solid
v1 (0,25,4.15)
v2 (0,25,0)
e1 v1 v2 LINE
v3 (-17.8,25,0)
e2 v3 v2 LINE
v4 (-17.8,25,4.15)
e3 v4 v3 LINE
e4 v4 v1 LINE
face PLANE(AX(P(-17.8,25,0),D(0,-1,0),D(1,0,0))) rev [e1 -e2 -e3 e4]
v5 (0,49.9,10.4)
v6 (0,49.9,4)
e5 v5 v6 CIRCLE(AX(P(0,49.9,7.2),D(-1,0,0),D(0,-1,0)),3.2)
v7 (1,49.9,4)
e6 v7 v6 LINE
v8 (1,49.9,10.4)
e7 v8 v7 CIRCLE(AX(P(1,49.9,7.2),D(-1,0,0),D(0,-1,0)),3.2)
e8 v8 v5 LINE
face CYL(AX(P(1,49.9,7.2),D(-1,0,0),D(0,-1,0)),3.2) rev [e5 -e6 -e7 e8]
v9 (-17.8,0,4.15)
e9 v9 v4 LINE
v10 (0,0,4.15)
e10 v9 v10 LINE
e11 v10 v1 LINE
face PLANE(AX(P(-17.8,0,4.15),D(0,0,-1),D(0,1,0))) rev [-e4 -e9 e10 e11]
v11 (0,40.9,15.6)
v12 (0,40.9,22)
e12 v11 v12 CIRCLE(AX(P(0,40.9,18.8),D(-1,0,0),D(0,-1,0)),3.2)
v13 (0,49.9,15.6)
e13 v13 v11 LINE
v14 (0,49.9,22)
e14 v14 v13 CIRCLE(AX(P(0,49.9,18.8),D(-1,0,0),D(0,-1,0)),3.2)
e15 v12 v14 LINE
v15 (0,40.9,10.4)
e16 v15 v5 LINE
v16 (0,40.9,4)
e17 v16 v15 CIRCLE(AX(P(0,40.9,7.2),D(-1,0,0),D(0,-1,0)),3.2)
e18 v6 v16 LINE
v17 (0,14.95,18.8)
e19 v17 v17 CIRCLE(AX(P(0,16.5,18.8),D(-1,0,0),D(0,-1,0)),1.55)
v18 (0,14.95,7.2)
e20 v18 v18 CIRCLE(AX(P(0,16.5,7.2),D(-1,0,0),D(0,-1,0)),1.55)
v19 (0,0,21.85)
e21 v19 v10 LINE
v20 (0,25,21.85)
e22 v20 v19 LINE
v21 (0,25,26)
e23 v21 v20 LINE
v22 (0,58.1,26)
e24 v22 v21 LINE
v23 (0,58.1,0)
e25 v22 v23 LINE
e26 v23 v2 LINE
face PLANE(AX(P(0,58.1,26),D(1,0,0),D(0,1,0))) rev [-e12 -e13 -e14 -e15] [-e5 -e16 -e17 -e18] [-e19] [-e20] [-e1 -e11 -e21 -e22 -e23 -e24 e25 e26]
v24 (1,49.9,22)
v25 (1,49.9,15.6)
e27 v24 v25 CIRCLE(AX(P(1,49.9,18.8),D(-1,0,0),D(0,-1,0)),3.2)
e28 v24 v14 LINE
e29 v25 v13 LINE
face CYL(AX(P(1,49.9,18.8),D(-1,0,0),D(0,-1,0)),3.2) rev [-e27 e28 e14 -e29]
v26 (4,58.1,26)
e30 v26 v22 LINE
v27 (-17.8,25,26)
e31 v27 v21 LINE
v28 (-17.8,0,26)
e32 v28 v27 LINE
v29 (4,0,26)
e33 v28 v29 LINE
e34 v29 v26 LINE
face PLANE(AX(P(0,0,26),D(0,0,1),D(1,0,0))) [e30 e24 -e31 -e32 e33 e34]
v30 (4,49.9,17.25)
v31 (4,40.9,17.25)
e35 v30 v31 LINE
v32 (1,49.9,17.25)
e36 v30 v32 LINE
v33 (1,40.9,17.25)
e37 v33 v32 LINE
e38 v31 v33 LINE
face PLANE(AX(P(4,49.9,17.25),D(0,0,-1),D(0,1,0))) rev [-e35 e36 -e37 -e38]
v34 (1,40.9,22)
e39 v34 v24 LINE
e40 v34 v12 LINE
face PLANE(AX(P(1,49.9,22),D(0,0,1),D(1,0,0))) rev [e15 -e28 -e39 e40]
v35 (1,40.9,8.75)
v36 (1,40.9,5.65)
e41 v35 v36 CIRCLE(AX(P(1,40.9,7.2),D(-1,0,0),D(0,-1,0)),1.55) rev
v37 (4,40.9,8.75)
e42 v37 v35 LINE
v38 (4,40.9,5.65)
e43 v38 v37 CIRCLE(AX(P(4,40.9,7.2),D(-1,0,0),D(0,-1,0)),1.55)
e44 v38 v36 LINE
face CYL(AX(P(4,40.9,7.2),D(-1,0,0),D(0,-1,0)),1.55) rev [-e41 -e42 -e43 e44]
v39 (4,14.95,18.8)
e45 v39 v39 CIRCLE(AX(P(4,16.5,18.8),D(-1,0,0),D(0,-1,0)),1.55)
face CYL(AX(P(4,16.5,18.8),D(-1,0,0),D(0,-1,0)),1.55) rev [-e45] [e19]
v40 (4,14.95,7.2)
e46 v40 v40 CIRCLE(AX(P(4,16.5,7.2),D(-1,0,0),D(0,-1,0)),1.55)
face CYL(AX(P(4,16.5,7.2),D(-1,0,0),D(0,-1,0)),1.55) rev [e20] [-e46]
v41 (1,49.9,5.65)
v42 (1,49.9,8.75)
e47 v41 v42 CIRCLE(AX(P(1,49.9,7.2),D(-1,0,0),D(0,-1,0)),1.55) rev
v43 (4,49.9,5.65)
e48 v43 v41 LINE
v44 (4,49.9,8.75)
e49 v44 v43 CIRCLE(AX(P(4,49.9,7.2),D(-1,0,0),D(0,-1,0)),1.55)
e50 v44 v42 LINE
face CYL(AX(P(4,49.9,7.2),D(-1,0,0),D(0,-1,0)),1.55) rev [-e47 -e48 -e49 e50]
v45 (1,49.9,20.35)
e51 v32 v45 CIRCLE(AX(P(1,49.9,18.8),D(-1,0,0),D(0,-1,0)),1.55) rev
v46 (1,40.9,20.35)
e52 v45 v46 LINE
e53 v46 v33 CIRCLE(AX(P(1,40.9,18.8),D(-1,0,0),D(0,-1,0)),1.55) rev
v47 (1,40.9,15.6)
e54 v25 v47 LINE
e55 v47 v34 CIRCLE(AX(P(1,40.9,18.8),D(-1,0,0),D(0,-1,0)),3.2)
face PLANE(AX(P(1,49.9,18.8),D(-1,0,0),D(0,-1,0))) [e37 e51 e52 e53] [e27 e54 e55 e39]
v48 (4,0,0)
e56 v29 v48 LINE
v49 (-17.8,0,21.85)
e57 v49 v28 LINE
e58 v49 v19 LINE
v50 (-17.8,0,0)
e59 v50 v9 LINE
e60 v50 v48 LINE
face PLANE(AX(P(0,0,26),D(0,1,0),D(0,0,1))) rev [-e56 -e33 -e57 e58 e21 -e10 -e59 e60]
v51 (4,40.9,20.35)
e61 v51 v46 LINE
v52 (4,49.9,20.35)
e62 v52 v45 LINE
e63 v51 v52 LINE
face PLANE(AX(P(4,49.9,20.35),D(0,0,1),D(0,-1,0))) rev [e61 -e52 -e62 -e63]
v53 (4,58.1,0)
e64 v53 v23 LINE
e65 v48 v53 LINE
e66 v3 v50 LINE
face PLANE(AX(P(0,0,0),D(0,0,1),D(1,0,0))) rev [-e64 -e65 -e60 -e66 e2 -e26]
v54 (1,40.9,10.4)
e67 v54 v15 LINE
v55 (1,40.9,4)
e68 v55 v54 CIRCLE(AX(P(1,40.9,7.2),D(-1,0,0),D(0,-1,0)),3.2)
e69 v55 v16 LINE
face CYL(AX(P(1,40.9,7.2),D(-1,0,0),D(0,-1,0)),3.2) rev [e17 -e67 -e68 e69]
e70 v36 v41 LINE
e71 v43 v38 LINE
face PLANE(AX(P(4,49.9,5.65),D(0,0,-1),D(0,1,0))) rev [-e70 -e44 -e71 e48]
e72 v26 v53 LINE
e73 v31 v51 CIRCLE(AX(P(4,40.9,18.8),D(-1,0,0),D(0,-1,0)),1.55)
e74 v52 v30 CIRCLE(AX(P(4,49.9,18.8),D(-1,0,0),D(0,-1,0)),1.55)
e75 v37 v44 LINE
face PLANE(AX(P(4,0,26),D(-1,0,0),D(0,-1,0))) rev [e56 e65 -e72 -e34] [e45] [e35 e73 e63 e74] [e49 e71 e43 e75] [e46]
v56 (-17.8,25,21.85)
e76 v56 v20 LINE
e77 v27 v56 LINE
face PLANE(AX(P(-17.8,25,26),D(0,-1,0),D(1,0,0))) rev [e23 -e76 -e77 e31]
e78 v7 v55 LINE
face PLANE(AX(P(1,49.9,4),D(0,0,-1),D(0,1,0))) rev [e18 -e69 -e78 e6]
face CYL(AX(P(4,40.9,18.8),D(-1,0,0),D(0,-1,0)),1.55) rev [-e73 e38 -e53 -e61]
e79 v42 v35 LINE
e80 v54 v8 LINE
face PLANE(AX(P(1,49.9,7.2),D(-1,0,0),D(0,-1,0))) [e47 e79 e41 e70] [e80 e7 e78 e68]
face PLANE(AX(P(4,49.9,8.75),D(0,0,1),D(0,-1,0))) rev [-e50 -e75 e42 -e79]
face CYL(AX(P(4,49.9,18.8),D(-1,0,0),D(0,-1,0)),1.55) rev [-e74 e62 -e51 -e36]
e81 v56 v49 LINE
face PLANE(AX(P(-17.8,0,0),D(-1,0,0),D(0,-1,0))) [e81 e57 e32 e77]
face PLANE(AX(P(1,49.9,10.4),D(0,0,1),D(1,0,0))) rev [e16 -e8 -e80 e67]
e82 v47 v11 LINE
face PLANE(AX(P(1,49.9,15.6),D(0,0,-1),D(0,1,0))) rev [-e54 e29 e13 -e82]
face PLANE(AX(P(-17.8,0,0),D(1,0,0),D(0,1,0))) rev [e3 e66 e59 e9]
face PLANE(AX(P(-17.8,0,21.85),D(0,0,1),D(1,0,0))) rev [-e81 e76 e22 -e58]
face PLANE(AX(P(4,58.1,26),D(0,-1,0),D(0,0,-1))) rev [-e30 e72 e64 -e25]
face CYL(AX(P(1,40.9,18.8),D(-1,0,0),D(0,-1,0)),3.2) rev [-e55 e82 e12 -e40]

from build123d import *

# Parameters (mm, degrees)
PROFILESKETCH1_W                          = 4
PROFILESKETCH1_H                          = 58.1
BOSS_EXTRUDE1_DEPTH                       = 26
PROBESLIDINGMOUNTSKETCH4_R                = 1.55
PROBESLIDINGMOUNTCUT_EXTRUDE3_DEPTH       = 64.77781746
PROBESLIDINGMOUNTCHANELCUT_EXTRUDE4_DEPTH = 1
INDUCTIVEPROBEHOLDERSKETCH1_W             = 4.15
INDUCTIVEPROBEHOLDERSKETCH1_H             = 25
INDUCTIVEPROBEHOLDERBOSS_EXTRUDE2_DEPTH   = 17.8


with BuildPart() as part:
    # ProfileSketch1 → Boss-Extrude1 (new body)
    with BuildSketch(Plane.XY):
        with Locations((2, 29.05)):
            Rectangle(PROFILESKETCH1_W, PROFILESKETCH1_H)
    extrude(amount=BOSS_EXTRUDE1_DEPTH)

    # ProbeSlidingMountSketch4 → ProbeSlidingMountCut-Extrude3 (cut, through all)
    with BuildSketch(Plane.ZY):
        with Locations(Location((7.2, 16.5, 0), (0, 0, 270))):
            Circle(PROBESLIDINGMOUNTSKETCH4_R)
        with Locations(Location((18.8, 16.5, 0), (0, 0, 270))):
            Circle(PROBESLIDINGMOUNTSKETCH4_R)
        with BuildLine():
            Line((5.65, 49.9), (5.65, 40.9))
            ThreePointArc((5.65, 40.9), (7.2, 39.35), (8.75, 40.9))
            Line((8.75, 40.9), (8.75, 49.9))
            ThreePointArc((8.75, 49.9), (7.2, 51.45), (5.65, 49.9))
        make_face()
        with BuildLine():
            Line((17.25, 49.9), (17.25, 40.9))
            ThreePointArc((17.25, 40.9), (18.8, 39.35), (20.35, 40.9))
            Line((20.35, 40.9), (20.35, 49.9))
            ThreePointArc((20.35, 49.9), (18.8, 51.45), (17.25, 49.9))
        make_face()
    extrude(amount=-PROBESLIDINGMOUNTCUT_EXTRUDE3_DEPTH, mode=Mode.SUBTRACT)

    # ProbeSlidingMountChannelSketch5 → ProbeSlidingMountChanelCut-Extrude4 (cut)
    with BuildSketch(Plane.ZY):
        with BuildLine():
            Line((10.4, 49.9), (10.4, 40.9))
            ThreePointArc((10.4, 40.9), (7.2, 37.7), (4, 40.9))
            Line((4, 40.9), (4, 49.9))
            ThreePointArc((4, 49.9), (7.2, 53.1), (10.4, 49.9))
        make_face()
        with BuildLine():
            Line((22, 49.9), (22, 40.9))
            ThreePointArc((22, 40.9), (18.8, 37.7), (15.6, 40.9))
            Line((15.6, 40.9), (15.6, 49.9))
            ThreePointArc((15.6, 49.9), (18.8, 53.1), (22, 49.9))
        make_face()
    extrude(amount=-PROBESLIDINGMOUNTCHANELCUT_EXTRUDE4_DEPTH, mode=Mode.SUBTRACT)

    # InductiveProbeHolderSketch1 → InductiveProbeHolderBoss-Extrude2 (add)
    with BuildSketch(Plane.ZY):
        with Locations((2.075, 12.5)):
            Rectangle(INDUCTIVEPROBEHOLDERSKETCH1_W, INDUCTIVEPROBEHOLDERSKETCH1_H)
        with Locations((23.925, 12.5)):
            Rectangle(INDUCTIVEPROBEHOLDERSKETCH1_W, INDUCTIVEPROBEHOLDERSKETCH1_H)
    extrude(amount=INDUCTIVEPROBEHOLDERBOSS_EXTRUDE2_DEPTH)


solid = part.part
